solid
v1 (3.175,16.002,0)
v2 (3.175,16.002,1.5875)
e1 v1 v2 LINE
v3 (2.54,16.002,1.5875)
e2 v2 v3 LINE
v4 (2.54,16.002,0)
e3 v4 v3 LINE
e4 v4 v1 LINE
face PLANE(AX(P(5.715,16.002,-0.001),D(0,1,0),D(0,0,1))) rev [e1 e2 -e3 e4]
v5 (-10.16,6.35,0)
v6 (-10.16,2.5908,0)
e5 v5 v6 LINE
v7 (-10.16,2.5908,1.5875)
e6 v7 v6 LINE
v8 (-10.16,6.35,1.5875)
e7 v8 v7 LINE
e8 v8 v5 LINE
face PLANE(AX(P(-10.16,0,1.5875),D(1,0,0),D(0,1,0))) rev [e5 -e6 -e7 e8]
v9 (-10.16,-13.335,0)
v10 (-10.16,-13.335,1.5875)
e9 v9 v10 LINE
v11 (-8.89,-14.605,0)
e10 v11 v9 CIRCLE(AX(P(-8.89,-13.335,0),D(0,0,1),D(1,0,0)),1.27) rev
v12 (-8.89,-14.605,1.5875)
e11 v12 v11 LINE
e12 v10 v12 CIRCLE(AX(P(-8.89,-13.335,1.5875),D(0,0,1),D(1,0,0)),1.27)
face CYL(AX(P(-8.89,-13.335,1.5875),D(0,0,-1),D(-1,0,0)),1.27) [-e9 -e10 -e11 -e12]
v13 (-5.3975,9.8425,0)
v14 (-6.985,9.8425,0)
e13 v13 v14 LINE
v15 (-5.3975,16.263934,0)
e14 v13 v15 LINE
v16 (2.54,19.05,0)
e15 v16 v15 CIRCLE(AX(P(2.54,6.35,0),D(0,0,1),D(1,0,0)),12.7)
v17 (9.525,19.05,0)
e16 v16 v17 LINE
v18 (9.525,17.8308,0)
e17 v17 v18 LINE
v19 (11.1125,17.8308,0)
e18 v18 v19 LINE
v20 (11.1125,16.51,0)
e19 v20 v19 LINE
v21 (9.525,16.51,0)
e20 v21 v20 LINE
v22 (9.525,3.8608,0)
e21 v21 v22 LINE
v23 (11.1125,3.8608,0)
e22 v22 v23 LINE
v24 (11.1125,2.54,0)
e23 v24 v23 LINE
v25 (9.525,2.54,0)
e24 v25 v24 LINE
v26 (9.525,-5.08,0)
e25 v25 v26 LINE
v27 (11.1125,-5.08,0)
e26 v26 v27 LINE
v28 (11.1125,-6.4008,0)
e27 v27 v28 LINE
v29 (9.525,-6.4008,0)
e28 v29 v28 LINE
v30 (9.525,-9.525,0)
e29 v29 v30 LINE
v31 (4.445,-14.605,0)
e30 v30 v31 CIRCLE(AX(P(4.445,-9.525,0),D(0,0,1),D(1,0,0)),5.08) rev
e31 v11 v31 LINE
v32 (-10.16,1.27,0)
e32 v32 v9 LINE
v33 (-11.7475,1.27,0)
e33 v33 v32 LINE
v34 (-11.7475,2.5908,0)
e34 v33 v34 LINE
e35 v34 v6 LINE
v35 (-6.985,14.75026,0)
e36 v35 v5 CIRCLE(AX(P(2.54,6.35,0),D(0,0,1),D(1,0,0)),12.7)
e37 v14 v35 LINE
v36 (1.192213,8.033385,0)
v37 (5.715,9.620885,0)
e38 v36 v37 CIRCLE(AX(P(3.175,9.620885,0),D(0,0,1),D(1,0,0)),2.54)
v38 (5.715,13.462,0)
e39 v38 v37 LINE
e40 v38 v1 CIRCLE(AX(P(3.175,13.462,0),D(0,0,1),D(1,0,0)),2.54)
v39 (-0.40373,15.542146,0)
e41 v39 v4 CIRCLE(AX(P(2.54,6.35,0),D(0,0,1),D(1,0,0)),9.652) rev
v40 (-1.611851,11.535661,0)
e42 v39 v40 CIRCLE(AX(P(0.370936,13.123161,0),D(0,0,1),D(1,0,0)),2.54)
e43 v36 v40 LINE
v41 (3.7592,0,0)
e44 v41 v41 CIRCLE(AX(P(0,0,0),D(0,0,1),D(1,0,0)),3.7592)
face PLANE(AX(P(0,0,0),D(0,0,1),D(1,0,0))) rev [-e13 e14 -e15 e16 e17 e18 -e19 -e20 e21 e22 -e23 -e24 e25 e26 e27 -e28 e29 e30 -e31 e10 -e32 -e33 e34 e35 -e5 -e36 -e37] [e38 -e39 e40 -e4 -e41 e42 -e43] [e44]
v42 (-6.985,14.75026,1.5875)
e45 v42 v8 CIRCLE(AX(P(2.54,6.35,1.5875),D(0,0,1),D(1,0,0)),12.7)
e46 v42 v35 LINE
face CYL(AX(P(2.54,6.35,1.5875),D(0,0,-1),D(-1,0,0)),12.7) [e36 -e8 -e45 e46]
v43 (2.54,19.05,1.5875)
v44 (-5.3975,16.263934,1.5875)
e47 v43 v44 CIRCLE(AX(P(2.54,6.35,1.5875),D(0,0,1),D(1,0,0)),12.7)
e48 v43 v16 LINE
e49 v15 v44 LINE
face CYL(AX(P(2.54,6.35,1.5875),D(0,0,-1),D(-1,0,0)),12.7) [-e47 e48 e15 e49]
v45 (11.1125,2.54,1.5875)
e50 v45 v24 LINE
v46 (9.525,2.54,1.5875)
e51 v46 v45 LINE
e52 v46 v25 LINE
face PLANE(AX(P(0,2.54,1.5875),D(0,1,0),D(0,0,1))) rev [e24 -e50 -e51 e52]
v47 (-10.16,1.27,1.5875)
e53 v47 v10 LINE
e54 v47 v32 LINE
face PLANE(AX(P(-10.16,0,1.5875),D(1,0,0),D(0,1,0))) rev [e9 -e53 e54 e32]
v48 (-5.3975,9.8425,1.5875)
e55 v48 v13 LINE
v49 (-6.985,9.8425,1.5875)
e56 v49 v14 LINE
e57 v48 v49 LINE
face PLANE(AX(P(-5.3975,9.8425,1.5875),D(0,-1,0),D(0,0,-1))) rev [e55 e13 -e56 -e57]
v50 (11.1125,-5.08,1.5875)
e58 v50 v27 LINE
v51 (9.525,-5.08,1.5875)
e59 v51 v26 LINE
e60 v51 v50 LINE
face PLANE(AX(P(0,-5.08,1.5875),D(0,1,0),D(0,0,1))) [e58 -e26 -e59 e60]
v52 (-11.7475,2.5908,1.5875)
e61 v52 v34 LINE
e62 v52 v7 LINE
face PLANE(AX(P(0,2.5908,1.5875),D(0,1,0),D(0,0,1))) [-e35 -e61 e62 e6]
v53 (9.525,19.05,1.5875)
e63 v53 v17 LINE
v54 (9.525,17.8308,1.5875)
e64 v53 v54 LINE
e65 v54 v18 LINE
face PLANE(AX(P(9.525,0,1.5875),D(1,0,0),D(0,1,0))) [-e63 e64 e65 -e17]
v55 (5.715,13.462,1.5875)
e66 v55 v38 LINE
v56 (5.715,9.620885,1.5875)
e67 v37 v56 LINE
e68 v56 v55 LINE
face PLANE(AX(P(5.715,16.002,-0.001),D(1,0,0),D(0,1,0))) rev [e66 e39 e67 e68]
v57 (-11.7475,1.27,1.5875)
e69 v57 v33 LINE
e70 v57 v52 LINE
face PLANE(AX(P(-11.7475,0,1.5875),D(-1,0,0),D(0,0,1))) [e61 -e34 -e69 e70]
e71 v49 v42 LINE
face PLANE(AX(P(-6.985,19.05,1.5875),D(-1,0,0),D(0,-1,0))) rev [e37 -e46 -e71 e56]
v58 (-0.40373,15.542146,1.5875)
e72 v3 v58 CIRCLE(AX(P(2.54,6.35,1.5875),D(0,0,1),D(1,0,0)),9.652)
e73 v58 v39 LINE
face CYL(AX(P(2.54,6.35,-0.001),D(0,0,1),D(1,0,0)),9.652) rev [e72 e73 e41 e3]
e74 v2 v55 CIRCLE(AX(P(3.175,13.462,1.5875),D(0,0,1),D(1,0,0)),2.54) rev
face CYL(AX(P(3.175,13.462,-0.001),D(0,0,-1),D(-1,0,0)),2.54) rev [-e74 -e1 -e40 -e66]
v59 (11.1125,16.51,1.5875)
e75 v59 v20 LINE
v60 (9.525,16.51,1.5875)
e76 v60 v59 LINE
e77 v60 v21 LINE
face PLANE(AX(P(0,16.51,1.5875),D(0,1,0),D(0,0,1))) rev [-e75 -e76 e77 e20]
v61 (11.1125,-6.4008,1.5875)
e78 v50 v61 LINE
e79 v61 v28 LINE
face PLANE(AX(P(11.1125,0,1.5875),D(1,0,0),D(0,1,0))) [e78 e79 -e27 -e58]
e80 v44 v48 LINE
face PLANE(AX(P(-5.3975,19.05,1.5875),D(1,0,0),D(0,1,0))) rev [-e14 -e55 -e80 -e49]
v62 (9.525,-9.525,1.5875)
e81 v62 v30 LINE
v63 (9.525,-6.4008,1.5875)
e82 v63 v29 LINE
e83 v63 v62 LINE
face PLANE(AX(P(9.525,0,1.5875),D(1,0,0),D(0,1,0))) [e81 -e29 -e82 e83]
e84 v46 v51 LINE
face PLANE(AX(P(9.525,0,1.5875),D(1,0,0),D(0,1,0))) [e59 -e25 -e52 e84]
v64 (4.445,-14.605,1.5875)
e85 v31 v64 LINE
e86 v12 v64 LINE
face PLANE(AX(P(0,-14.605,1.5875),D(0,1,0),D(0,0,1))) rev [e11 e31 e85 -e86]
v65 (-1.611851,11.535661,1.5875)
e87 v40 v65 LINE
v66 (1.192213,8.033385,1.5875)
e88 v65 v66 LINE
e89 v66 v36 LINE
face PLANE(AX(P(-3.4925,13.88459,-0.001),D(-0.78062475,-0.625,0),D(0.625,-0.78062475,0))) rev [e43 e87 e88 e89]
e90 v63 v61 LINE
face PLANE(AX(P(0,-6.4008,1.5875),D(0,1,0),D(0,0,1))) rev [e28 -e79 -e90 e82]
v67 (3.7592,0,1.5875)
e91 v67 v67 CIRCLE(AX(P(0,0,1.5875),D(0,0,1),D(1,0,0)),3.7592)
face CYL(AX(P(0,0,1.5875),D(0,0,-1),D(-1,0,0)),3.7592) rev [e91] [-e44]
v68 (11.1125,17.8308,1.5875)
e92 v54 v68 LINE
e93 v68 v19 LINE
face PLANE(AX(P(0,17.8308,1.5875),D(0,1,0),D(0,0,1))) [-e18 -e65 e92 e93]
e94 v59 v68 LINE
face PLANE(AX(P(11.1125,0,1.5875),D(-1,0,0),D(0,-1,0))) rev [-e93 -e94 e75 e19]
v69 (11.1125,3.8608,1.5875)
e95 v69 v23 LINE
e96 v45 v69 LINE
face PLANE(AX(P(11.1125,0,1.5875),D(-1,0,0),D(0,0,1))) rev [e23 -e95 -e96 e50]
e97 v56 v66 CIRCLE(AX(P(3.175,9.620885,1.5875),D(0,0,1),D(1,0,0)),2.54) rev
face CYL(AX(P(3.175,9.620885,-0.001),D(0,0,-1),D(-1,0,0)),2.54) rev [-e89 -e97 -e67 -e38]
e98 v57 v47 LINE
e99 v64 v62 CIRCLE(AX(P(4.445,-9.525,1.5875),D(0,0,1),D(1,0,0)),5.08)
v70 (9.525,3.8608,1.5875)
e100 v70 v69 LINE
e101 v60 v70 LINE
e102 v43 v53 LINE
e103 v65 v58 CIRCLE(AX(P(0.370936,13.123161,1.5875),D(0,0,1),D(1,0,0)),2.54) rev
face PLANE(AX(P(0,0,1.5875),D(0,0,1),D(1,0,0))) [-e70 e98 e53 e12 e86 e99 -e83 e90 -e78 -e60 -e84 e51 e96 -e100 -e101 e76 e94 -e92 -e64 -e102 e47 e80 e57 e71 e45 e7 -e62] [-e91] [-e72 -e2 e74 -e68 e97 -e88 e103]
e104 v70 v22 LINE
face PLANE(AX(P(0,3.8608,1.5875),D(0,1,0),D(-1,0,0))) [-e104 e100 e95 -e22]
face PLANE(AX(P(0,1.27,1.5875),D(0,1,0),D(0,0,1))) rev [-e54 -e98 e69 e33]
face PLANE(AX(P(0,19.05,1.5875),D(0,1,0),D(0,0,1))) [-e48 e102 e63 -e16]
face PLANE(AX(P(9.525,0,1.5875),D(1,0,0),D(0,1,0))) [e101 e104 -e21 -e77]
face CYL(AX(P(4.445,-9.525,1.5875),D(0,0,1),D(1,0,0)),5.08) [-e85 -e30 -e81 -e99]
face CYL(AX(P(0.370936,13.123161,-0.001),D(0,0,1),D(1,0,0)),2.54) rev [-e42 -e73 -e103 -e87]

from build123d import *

# Parameters (mm, degrees)
SKETCH1_R              = 3.7592
BOSS_EXTRUDE1_DEPTH    = 1.5875
FILLET1_R              = 5.08
FILLET2_R              = 1.27
SKETCH3_W              = 1.5875
SKETCH3_H              = 9.2075
CUT_EXTRUDE1_DEPTH     = 23.437165875
WEIGHT_REDUCTION_REACH = 24.437
FILLET3_R              = 2.54


with BuildPart() as part:
    # Sketch1 → Boss-Extrude1 (new body)
    with BuildSketch(Plane.XY):
        with BuildLine():
            Line((11.1125, 17.8308), (9.525, 17.8308))
            Line((9.525, 17.8308), (9.525, 19.05))
            Line((9.525, 19.05), (2.54, 19.05))
            ThreePointArc((2.54, 19.05), (-6.440256121, 15.330256121), (-10.16, 6.35))
            Line((-10.16, 6.35), (-10.16, 2.5908))
            Line((-10.16, 2.5908), (-11.7475, 2.5908))
            Line((-11.7475, 2.5908), (-11.7475, 1.27))
            Line((-11.7475, 1.27), (-10.16, 1.27))
            Line((-10.16, 1.27), (-10.16, -14.605))
            Line((-10.16, -14.605), (9.525, -14.605))
            Line((9.525, -14.605), (9.525, -6.4008))
            Line((9.525, -6.4008), (11.1125, -6.4008))
            Line((11.1125, -6.4008), (11.1125, -5.08))
            Line((11.1125, -5.08), (9.525, -5.08))
            Line((9.525, -5.08), (9.525, 2.54))
            Line((9.525, 2.54), (11.1125, 2.54))
            Line((11.1125, 2.54), (11.1125, 3.8608))
            Line((11.1125, 3.8608), (9.525, 3.8608))
            Line((9.525, 3.8608), (9.525, 16.51))
            Line((9.525, 16.51), (11.1125, 16.51))
            Line((11.1125, 16.51), (11.1125, 17.8308))
        make_face()
        Circle(SKETCH1_R, mode=Mode.SUBTRACT)
    extrude(amount=BOSS_EXTRUDE1_DEPTH)

    # Fillet1
    fillet1_edges = [part.edges().sort_by_distance(p)[0] for p in [
        (9.525, -14.605, 0.79375),
    ]]
    fillet(fillet1_edges, radius=FILLET1_R)

    # Fillet2
    fillet2_edges = [part.edges().sort_by_distance(p)[0] for p in [
        (-10.16, -14.605, 0.79375),
    ]]
    fillet(fillet2_edges, radius=FILLET2_R)

    # Sketch3 → Cut-Extrude1 (cut, through all)
    with BuildSketch(Plane(origin=(0, 0, 0), x_dir=(-1, 0, 0), z_dir=(0, 0, -1))):
        with Locations((6.19125, 14.44625)):
            Rectangle(SKETCH3_W, SKETCH3_H)
    extrude(amount=-CUT_EXTRUDE1_DEPTH, mode=Mode.SUBTRACT)

    # Sketch2 → Weight Reduction (cut, up to next)
    with BuildSketch(Plane.XY.offset(1.5875), mode=Mode.PRIVATE) as weight_reduction_sk1:
        with BuildLine():
            Line((-3.4925, 13.884590085), (5.715, 2.384426271))
            Line((5.715, 2.384426271), (5.715, 16.002))
            Line((5.715, 16.002), (2.54, 16.002))
            ThreePointArc((2.54, 16.002), (-0.656657668, 15.457276418), (-3.4925, 13.884590085))
        make_face()
    weight_reduction_tool1 = extrude(weight_reduction_sk1.sketch, amount=-WEIGHT_REDUCTION_REACH, mode=Mode.PRIVATE) & part.part
    add(weight_reduction_tool1.solids().sort_by_distance((2.48474, 11.130093, 1.5875))[0], mode=Mode.SUBTRACT)

    # Fillet3
    fillet3_edges = [part.edges().sort_by_distance(p)[0] for p in [
        (5.715, 16.002, 0.79375),
        (5.715, 2.384426271, 0.79375),
        (-3.4925, 13.884590085, 0.79375),
    ]]
    fillet(fillet3_edges, radius=FILLET3_R)


solid = part.part
